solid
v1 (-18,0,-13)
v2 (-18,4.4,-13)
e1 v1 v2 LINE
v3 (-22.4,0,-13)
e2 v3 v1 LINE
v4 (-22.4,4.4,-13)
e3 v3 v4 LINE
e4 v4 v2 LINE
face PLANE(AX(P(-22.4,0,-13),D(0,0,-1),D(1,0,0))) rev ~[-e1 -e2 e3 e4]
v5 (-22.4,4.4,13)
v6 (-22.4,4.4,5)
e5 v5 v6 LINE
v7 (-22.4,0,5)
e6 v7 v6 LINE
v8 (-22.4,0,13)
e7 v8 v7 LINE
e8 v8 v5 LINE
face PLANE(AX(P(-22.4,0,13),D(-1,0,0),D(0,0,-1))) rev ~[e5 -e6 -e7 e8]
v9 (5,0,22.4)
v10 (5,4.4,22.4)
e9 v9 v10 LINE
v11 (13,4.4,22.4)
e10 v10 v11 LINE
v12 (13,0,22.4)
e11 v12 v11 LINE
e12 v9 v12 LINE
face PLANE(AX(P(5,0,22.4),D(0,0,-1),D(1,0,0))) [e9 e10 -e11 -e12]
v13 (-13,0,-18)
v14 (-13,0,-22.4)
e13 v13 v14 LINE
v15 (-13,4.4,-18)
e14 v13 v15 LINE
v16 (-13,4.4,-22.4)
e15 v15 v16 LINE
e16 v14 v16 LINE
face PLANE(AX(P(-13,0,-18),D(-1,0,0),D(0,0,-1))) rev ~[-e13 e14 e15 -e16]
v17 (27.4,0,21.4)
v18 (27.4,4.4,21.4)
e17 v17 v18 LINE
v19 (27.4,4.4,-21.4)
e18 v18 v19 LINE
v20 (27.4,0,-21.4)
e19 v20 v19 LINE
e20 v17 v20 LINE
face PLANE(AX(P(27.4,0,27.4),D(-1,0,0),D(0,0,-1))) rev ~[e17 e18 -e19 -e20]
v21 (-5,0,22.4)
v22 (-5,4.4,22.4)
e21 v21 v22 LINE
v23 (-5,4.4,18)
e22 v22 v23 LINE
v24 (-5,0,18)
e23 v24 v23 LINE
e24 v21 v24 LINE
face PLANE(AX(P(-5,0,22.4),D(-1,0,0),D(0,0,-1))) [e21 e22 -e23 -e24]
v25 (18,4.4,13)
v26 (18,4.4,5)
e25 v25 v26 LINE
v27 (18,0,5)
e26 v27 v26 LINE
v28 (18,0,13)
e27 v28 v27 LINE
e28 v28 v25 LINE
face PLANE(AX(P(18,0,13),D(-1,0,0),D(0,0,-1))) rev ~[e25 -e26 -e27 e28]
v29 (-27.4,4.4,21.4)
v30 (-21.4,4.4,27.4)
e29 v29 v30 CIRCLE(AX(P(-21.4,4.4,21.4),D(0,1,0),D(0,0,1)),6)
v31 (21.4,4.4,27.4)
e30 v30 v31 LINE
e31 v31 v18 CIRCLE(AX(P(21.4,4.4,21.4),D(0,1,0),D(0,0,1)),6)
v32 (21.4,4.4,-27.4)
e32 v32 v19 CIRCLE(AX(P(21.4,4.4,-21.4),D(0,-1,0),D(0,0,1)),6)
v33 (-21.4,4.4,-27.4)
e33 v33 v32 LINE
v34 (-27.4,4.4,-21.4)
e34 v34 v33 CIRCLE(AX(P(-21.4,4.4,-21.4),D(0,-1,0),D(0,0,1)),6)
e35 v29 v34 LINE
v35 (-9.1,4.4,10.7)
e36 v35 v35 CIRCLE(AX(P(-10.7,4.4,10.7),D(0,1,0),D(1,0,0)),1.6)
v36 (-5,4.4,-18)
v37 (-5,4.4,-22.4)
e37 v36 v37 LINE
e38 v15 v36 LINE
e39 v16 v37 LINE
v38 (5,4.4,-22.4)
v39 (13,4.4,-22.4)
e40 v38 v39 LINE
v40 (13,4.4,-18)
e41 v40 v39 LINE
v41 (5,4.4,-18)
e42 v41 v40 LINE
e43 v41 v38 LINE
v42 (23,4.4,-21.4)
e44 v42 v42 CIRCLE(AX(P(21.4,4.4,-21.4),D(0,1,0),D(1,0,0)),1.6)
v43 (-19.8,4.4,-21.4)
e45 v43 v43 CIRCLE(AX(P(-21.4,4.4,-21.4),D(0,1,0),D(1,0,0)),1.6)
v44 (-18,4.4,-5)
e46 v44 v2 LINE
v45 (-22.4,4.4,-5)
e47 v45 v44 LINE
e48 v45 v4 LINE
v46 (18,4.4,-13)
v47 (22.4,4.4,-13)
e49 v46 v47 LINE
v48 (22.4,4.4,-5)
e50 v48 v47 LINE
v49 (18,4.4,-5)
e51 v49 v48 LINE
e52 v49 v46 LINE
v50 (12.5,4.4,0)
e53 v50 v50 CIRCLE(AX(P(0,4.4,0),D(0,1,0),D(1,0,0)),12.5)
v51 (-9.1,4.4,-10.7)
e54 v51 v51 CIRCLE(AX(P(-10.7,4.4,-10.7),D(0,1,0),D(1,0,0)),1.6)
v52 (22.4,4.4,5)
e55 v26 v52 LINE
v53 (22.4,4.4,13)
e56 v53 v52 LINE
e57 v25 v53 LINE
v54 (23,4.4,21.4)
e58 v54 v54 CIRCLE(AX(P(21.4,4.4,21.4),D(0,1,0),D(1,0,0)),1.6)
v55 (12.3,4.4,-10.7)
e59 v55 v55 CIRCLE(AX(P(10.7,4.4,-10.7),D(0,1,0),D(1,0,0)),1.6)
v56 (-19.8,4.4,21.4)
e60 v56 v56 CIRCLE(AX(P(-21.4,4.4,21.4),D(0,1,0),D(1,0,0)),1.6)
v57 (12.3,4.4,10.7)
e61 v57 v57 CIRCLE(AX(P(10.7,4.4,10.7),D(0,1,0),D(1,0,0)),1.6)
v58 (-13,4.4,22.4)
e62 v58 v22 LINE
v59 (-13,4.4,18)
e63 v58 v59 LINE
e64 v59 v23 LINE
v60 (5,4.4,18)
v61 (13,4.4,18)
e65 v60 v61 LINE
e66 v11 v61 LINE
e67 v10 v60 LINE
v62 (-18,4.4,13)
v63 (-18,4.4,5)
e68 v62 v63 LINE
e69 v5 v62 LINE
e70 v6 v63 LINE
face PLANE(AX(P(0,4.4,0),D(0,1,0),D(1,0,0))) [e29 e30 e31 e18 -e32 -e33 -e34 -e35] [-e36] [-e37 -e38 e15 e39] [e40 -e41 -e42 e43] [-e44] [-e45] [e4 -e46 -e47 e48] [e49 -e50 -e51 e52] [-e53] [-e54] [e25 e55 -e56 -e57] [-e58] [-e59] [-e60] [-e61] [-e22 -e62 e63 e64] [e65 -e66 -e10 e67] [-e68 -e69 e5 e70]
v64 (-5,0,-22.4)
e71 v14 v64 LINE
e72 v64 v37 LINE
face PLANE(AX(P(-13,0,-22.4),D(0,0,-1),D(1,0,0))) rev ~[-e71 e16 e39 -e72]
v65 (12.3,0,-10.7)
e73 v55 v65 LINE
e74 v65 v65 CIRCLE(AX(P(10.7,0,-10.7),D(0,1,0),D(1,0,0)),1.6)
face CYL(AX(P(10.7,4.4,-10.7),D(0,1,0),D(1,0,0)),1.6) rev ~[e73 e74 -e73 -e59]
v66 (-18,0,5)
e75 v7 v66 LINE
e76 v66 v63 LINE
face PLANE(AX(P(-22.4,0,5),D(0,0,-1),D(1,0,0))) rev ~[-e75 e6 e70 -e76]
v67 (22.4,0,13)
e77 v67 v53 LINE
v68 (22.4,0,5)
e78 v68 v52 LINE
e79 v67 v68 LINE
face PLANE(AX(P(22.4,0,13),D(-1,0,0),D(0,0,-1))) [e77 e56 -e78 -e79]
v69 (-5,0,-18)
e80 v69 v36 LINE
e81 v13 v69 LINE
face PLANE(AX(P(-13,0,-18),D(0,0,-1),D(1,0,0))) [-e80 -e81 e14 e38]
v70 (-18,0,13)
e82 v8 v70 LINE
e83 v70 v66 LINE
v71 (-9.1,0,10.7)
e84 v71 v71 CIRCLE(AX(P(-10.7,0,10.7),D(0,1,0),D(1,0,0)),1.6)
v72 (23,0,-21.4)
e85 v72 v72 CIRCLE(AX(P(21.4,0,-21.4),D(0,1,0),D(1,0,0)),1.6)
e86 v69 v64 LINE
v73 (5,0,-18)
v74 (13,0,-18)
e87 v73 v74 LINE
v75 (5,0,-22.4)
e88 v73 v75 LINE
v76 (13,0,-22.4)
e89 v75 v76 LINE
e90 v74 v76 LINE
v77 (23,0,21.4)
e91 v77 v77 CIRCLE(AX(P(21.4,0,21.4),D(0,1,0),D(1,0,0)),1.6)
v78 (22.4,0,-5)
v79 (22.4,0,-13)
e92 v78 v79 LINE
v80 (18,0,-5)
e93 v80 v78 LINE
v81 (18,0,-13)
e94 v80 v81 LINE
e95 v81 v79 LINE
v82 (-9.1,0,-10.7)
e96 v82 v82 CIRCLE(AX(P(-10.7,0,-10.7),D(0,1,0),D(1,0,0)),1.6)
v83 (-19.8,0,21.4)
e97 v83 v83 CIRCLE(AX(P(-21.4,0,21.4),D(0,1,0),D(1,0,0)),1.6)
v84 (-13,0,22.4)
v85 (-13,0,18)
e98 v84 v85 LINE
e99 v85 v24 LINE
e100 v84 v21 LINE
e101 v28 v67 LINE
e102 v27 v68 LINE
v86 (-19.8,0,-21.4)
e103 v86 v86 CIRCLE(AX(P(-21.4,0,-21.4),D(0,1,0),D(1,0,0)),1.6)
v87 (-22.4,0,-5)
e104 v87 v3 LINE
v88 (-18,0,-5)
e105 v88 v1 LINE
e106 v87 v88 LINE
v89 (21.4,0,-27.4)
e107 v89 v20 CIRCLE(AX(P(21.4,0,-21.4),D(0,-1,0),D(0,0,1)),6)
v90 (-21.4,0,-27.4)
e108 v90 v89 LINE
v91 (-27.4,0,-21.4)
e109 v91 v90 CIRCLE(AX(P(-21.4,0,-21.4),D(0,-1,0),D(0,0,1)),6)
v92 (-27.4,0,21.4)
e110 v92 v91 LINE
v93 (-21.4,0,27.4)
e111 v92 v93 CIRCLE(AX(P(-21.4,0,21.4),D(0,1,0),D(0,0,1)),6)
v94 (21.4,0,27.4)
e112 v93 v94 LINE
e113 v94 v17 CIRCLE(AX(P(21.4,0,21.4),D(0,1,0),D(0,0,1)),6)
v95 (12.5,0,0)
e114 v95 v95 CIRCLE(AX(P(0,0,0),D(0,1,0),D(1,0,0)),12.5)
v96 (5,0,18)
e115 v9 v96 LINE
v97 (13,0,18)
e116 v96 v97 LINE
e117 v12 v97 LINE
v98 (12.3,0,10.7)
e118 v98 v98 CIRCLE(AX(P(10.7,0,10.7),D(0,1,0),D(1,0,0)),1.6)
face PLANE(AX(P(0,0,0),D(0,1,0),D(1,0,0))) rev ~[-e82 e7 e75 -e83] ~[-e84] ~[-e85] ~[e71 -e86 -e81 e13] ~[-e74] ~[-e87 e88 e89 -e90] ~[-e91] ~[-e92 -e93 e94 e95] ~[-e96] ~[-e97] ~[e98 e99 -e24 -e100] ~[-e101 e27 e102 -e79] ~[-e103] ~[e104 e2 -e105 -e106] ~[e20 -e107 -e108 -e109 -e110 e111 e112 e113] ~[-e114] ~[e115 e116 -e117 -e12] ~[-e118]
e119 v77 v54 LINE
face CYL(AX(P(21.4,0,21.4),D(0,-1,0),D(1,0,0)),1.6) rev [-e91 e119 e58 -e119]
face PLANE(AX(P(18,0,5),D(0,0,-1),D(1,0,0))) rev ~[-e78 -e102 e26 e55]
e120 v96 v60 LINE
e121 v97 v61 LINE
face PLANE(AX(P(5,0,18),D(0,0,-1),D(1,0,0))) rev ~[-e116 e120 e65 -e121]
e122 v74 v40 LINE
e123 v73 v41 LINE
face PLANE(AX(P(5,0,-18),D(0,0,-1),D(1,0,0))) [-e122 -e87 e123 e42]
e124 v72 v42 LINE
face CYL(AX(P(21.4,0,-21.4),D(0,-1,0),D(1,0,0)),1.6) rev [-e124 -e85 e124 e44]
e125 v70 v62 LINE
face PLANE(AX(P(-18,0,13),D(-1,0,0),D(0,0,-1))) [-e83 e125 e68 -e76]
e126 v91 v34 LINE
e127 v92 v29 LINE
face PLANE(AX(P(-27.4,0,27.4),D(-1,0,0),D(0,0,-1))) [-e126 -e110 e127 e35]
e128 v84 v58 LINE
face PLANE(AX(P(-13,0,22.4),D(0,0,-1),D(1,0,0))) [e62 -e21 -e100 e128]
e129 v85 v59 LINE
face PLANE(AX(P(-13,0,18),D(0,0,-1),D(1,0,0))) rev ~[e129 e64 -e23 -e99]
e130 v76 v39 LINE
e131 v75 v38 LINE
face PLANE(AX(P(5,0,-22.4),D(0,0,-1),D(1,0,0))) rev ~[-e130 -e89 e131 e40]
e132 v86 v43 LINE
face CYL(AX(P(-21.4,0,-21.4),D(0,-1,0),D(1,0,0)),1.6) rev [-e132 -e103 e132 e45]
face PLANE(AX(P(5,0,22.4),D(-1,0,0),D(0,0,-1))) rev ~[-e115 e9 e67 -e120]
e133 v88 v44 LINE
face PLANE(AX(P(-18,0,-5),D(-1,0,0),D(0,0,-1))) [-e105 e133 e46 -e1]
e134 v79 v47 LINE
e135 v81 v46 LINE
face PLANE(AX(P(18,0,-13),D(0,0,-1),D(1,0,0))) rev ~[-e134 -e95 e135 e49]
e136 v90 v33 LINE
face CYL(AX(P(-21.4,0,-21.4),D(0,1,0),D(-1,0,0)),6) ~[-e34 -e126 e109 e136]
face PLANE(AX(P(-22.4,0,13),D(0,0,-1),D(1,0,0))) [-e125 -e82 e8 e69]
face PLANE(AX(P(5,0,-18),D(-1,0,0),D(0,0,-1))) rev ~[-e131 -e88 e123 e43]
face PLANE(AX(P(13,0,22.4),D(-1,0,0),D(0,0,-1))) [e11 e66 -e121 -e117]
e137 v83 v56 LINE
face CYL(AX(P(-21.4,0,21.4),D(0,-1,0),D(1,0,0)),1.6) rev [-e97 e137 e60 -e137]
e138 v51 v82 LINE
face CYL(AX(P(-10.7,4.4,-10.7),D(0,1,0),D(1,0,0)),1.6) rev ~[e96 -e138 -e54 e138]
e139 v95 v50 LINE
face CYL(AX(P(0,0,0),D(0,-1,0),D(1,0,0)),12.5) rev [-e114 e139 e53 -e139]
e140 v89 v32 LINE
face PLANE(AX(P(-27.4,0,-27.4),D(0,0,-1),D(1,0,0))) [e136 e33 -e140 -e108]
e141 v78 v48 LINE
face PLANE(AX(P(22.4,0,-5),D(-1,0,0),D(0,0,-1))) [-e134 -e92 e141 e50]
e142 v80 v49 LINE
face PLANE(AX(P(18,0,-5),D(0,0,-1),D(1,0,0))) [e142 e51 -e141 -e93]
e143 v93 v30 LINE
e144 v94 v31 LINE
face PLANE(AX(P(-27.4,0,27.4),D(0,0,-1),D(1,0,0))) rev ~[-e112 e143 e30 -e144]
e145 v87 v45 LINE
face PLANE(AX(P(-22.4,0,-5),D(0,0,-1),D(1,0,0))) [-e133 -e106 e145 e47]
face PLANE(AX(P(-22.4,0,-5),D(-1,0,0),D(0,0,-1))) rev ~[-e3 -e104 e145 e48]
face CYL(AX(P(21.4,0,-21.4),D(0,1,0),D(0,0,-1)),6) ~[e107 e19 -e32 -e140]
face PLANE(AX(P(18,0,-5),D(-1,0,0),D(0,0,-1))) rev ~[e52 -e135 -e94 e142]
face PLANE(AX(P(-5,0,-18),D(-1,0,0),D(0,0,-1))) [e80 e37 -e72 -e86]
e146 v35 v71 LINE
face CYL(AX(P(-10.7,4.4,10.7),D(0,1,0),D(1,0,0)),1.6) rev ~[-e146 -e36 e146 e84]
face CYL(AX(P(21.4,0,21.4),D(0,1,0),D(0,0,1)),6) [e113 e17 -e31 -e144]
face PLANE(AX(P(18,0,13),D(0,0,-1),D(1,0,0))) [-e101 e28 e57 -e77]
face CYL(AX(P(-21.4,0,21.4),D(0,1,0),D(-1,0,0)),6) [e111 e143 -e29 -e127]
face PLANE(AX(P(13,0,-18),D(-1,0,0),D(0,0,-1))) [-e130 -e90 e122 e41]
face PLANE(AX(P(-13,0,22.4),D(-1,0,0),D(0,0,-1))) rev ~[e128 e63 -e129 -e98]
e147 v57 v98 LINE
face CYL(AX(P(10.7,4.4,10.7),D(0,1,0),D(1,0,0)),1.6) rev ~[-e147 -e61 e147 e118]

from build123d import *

# Parameters (mm, degrees)
SKETCH_1_W          = 54.8
SKETCH_1_H          = 54.8
SKETCH_1_R          = 12.5
SKETCH_1_R_2        = 1.6
SKETCH_1_W_2        = 4.4
SKETCH_1_H_2        = 8
SKETCH_1_W_3        = 8
SKETCH_1_H_3        = 4.4
EXTRUDE_1_DEPTH     = 4.4
FILLET_1_R          = 6
SKETCH_2_R          = 1.6
CUT_EXTRUDE_1_DEPTH = 10


with BuildPart() as part:
    # 草图1 → 凸台-拉伸1 (new body)
    with BuildSketch(Plane(origin=(0, 0, 0), x_dir=(1, 0, 0), z_dir=(0, 1, 0))):
        Rectangle(SKETCH_1_W, SKETCH_1_H)
        Circle(SKETCH_1_R, mode=Mode.SUBTRACT)
        with Locations((21.4, 21.4)):
            Circle(SKETCH_1_R_2, mode=Mode.SUBTRACT)
        with Locations((21.4, -21.4)):
            Circle(SKETCH_1_R_2, mode=Mode.SUBTRACT)
        with Locations((-21.4, -21.4)):
            Circle(SKETCH_1_R_2, mode=Mode.SUBTRACT)
        with Locations((-21.4, 21.4)):
            Circle(SKETCH_1_R_2, mode=Mode.SUBTRACT)
        with Locations((20.2, 9)):
            Rectangle(SKETCH_1_W_2, SKETCH_1_H_2, mode=Mode.SUBTRACT)
        with Locations((20.2, -9)):
            Rectangle(SKETCH_1_W_2, SKETCH_1_H_2, mode=Mode.SUBTRACT)
        with Locations((-20.2, -9)):
            Rectangle(SKETCH_1_W_2, SKETCH_1_H_2, mode=Mode.SUBTRACT)
        with Locations((-20.2, 9)):
            Rectangle(SKETCH_1_W_2, SKETCH_1_H_2, mode=Mode.SUBTRACT)
        with Locations((9, 20.2)):
            Rectangle(SKETCH_1_W_3, SKETCH_1_H_3, mode=Mode.SUBTRACT)
        with Locations((9, -20.2)):
            Rectangle(SKETCH_1_W_3, SKETCH_1_H_3, mode=Mode.SUBTRACT)
        with Locations((-9, -20.2)):
            Rectangle(SKETCH_1_W_3, SKETCH_1_H_3, mode=Mode.SUBTRACT)
        with Locations((-9, 20.2)):
            Rectangle(SKETCH_1_W_3, SKETCH_1_H_3, mode=Mode.SUBTRACT)
    extrude(amount=EXTRUDE_1_DEPTH)

    # 圆角1
    fillet_1_edges = [part.edges().sort_by_distance(p)[0] for p in [
        (27.4, 2.2, 27.4),
        (-27.4, 2.2, 27.4),
        (-27.4, 2.2, -27.4),
        (27.4, 2.2, -27.4),
    ]]
    fillet(fillet_1_edges, radius=FILLET_1_R)

    # 草图2 → 切除-拉伸1 (cut)
    with BuildSketch(Plane(origin=(0, 4.4, 0), x_dir=(1, 0, 0), z_dir=(0, 1, 0))):
        with Locations((10.7, 10.7)):
            Circle(SKETCH_2_R)
        with Locations((10.7, -10.7)):
            Circle(SKETCH_2_R)
        with Locations((-10.7, -10.7)):
            Circle(SKETCH_2_R)
        with Locations((-10.7, 10.7)):
            Circle(SKETCH_2_R)
    extrude(amount=-CUT_EXTRUDE_1_DEPTH, mode=Mode.SUBTRACT)


solid = part.part
